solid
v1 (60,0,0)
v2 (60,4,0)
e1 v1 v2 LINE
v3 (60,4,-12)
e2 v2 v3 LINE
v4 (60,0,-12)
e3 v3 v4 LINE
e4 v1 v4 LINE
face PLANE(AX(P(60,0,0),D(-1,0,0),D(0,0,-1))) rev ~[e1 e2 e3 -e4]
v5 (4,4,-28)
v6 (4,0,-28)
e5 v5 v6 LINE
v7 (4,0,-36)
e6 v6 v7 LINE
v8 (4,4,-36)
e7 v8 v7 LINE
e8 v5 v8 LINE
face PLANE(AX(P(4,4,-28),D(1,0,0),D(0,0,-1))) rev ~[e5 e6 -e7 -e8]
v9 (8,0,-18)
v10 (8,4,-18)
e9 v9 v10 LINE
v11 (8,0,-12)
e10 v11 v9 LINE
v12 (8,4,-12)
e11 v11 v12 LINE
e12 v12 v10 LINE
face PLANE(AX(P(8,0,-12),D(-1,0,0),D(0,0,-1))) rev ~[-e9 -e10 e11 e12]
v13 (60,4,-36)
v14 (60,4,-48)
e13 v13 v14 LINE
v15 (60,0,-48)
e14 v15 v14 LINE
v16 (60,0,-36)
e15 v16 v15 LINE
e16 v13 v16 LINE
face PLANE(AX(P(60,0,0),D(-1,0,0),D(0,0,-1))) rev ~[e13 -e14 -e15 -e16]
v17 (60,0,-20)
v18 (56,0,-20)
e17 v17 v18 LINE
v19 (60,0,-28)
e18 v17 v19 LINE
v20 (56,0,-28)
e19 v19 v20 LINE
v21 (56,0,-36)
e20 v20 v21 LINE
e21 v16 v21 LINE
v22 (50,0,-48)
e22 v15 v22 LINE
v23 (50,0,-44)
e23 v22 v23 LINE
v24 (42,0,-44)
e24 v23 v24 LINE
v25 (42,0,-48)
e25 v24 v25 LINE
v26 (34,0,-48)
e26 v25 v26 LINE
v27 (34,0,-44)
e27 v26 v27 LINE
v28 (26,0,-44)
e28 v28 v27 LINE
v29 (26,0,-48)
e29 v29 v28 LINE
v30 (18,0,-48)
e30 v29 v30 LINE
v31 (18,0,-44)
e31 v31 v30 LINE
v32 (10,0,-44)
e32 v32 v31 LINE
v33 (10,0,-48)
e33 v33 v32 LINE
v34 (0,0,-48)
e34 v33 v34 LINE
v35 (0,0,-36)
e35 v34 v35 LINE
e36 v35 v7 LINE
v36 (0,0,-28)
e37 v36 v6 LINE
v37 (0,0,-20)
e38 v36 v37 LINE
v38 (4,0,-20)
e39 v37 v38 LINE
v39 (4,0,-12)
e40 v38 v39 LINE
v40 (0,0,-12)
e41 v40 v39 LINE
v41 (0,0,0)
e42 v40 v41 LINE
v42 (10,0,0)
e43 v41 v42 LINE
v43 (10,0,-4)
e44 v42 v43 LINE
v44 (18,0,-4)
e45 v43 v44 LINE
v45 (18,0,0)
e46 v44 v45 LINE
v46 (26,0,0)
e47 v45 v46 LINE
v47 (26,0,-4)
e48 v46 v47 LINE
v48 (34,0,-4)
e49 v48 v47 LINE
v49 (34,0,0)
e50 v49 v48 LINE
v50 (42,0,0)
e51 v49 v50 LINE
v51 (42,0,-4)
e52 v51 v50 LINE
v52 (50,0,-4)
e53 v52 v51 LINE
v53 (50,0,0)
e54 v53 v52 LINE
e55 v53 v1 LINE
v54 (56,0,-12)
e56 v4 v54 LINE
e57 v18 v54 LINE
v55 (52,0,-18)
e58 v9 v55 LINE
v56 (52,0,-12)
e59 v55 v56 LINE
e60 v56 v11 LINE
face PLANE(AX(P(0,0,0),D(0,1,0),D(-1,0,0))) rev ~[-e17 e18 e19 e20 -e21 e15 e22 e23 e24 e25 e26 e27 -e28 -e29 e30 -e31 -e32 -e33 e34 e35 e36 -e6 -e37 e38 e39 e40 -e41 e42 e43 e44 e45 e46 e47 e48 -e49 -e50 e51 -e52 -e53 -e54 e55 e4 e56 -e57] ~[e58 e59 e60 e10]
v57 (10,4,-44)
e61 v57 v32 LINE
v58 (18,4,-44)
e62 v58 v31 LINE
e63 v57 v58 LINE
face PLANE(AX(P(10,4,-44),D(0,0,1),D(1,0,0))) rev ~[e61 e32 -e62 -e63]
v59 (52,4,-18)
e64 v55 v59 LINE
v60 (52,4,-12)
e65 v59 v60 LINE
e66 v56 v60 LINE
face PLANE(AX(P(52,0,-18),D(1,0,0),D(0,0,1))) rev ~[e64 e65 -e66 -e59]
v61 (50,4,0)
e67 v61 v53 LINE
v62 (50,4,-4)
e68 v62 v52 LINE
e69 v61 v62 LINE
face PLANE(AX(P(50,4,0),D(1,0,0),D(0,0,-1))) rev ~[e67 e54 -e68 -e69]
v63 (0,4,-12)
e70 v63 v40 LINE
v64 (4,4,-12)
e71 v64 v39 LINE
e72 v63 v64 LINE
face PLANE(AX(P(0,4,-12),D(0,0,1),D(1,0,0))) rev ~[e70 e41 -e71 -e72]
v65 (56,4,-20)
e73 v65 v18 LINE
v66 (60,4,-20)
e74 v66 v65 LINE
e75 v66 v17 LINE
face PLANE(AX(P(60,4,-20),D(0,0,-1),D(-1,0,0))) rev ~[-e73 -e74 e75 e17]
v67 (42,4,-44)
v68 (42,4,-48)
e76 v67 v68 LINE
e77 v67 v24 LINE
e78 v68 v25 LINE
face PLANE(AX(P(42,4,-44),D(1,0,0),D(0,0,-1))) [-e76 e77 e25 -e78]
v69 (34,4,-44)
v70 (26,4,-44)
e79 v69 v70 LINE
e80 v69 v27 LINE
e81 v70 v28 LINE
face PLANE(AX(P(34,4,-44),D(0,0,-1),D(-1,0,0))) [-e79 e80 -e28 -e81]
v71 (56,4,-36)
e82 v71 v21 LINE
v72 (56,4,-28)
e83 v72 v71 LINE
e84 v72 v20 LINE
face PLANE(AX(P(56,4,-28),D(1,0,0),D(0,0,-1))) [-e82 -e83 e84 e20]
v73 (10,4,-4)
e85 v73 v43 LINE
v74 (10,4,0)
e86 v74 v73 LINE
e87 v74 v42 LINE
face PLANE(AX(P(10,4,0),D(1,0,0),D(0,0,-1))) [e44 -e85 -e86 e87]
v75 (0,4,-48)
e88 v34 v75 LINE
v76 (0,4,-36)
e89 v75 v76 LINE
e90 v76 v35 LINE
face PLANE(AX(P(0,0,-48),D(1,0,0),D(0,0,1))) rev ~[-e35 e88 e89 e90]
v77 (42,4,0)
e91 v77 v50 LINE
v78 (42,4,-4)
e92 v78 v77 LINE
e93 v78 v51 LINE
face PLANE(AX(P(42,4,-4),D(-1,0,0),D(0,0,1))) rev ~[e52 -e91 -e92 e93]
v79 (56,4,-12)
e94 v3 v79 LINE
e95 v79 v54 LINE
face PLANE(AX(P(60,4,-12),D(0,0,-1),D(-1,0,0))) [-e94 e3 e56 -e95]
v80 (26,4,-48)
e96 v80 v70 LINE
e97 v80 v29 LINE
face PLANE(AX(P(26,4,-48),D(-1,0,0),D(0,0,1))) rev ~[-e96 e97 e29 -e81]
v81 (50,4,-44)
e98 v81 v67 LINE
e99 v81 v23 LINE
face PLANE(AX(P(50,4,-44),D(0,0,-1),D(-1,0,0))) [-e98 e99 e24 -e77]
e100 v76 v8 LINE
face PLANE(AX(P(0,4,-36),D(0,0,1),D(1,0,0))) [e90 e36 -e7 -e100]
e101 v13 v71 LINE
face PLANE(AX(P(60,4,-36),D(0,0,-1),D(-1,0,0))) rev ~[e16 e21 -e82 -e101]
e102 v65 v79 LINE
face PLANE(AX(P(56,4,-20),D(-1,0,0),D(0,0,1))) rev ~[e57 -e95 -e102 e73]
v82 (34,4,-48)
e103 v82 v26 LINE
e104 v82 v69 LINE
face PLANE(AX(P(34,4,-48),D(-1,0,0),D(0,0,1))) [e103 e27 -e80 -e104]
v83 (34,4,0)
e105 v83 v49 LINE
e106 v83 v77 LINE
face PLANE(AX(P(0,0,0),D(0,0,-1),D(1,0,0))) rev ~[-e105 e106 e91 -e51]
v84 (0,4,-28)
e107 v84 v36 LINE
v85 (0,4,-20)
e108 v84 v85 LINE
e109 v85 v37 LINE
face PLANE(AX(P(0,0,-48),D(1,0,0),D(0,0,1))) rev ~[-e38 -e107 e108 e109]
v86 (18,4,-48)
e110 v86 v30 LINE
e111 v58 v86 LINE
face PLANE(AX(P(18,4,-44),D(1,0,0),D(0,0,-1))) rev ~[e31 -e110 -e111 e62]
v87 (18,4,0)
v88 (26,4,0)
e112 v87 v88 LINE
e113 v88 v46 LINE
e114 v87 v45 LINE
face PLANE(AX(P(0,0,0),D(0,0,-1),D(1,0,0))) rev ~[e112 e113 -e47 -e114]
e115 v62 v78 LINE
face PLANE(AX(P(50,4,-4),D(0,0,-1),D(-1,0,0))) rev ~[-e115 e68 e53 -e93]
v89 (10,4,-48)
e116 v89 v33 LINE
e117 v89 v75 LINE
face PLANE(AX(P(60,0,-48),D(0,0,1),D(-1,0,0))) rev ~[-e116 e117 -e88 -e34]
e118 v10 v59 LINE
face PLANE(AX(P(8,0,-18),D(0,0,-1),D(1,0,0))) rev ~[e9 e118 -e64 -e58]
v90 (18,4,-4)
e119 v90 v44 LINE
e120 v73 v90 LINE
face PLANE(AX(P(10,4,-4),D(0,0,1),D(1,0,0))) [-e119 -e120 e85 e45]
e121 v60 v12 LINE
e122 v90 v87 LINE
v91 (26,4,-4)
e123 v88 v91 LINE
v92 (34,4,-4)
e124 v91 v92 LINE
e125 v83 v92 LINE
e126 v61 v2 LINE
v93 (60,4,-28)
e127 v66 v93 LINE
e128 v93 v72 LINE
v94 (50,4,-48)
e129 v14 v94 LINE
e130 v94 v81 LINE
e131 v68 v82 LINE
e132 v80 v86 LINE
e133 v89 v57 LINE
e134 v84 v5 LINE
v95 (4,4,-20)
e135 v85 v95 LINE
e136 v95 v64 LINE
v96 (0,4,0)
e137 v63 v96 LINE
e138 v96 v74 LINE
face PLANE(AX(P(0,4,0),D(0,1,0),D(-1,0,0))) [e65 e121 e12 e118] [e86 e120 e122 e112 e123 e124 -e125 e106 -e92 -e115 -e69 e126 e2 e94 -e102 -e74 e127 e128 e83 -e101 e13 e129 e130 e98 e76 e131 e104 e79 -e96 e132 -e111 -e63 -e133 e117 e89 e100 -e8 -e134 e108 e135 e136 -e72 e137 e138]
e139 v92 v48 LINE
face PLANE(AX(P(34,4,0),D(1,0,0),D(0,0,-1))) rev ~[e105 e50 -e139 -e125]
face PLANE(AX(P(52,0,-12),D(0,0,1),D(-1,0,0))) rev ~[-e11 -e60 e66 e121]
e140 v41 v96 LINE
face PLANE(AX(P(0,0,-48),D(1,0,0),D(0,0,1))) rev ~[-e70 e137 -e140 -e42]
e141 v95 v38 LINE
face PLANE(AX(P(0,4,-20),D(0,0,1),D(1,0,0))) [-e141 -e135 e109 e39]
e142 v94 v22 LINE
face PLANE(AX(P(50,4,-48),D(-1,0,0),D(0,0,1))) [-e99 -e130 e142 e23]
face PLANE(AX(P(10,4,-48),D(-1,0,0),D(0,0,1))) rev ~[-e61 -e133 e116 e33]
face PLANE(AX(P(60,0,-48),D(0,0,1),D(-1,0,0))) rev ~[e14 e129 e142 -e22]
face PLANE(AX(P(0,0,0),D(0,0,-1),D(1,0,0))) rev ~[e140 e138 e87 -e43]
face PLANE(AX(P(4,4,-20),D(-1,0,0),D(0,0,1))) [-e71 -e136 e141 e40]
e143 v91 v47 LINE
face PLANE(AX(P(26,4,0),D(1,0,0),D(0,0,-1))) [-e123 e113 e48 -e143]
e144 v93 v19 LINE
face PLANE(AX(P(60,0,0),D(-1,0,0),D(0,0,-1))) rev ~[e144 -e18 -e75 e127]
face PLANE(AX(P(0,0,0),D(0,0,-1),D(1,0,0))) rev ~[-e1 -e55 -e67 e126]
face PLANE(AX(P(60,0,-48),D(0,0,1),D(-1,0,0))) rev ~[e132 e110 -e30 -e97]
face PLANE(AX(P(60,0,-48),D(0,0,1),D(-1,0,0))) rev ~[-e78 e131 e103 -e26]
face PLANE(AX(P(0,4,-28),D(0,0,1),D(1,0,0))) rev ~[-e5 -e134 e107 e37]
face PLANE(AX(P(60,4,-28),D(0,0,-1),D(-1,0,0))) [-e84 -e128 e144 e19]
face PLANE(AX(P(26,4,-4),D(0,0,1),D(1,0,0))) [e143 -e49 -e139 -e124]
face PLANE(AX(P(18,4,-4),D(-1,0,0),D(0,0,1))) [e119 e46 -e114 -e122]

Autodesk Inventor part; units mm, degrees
ref_plane "YZ Plane" through (0, 0, 0) normal (1, 0, 0) x (0, 1, 0)
ref_plane "XZ Plane" through (0, 0, 0) normal (0, 1, 0) x (-1, 0, 0)
ref_plane "XY Plane" through (0, 0, 0) normal (0, 0, 1) x (1, 0, 0)
sketch "Sketch1" plane through (0, 0, 0) normal (0, 1, 0) x (-1, 0, 0)
  line L0 (0, 0) -> (-60, 0)
  line L1 (-60, 0) -> (-60, -48)
  line L2 (-60, -48) -> (0, -48)
  line L3 (0, -48) -> (0, 0)
  line L4 (-8, -18) -> (-52, -18)
  line L5 (-52, -18) -> (-52, -12)
  line L6 (-52, -12) -> (-8, -12)
  line L7 (-8, -12) -> (-8, -18)
  dimension "d0" = 60
  dimension "d1" = 48
  dimension "d14" = 44
  dimension "d15" = 6
  dimension "d16" = 8
  dimension "d17" = 12
extrude "Extrusion1" add sketch "Sketch1" along normal blind 4
sketch "Sketch2" plane through (0, 4, 0) normal (0, 1, 0) x (1, 0, 0)
  line L0 (0, 0) -> (60, 0) construction
  line L1 (60, 0) -> (60, 48) construction
  line L2 (60, 48) -> (0, 48) construction
  line L3 (0, 48) -> (0, 0) construction
  line L4 (4, 44) -> (56, 44) construction
  line L5 (56, 44) -> (56, 4) construction
  line L6 (56, 4) -> (4, 4) construction
  line L7 (4, 4) -> (4, 44) construction
  line L8 (60, 48) -> (0, 48) construction
  line L9 (30, 48) -> (30, 0) construction
  line L10 (0, 0) -> (60, 0) construction
  line L11 (0, 48) -> (0, 0) construction
  line L12 (0, 24) -> (60, 24) construction
  line L13 (60, 0) -> (60, 48) construction
  line L14 (0, 28) -> (4, 28)
  line L15 (0, 36) -> (4, 36)
  line L16 (10, 48) -> (10, 44)
  line L17 (10, 44) -> (18, 44)
  line L18 (18, 44) -> (18, 48)
  line L19 (18, 48) -> (10, 48)
  line L20 (26, 48) -> (26, 44)
  line L21 (26, 44) -> (30, 44)
  line L22 (26, 48) -> (30, 48)
  line L23 (0, 36) -> (0, 28)
  line L24 (4, 28) -> (4, 36)
  line L25 (60, 28) -> (56, 28)
  line L26 (60, 36) -> (56, 36)
  line L27 (50, 48) -> (50, 44)
  line L28 (50, 44) -> (42, 44)
  line L29 (42, 44) -> (42, 48)
  line L30 (42, 48) -> (50, 48)
  line L31 (34, 48) -> (34, 44)
  line L32 (34, 44) -> (30, 44)
  line L33 (34, 48) -> (30, 48)
  line L34 (60, 36) -> (60, 28)
  line L35 (56, 28) -> (56, 36)
  line L36 (60, 0) -> (0, 0) construction
  line L37 (4, 4) -> (56, 4) construction
  line L38 (60, 0) -> (0, 0) construction
  line L39 (0, 20) -> (4, 20)
  line L40 (0, 12) -> (4, 12)
  line L41 (10, 0) -> (10, 4)
  line L42 (10, 4) -> (18, 4)
  line L43 (18, 4) -> (18, 0)
  line L44 (18, 0) -> (10, 0)
  line L45 (26, 0) -> (26, 4)
  line L46 (26, 4) -> (30, 4)
  line L47 (26, 0) -> (30, 0)
  line L48 (0, 12) -> (0, 20)
  line L49 (4, 20) -> (4, 12)
  line L50 (34, 0) -> (34, 4)
  line L51 (34, 4) -> (30, 4)
  line L52 (34, 0) -> (30, 0)
  line L53 (42, 4) -> (42, 0)
  line L54 (50, 4) -> (42, 4)
  line L55 (42, 0) -> (50, 0)
  line L56 (50, 0) -> (50, 4)
  line L57 (56, 20) -> (56, 12)
  line L58 (60, 12) -> (56, 12)
  line L59 (60, 12) -> (60, 20)
  line L60 (60, 20) -> (56, 20)
  dimension "d4" = 4
  dimension "d7" = 8
  dimension "d8" = 8
  dimension "d9" = 4
  dimension "d10" = 8
  dimension "d11" = 4
extrude "Extrusion2" cut sketch "Sketch2" against normal up to surface (4 mm away)
properties part number "left" material "PBT Plastic Black"
